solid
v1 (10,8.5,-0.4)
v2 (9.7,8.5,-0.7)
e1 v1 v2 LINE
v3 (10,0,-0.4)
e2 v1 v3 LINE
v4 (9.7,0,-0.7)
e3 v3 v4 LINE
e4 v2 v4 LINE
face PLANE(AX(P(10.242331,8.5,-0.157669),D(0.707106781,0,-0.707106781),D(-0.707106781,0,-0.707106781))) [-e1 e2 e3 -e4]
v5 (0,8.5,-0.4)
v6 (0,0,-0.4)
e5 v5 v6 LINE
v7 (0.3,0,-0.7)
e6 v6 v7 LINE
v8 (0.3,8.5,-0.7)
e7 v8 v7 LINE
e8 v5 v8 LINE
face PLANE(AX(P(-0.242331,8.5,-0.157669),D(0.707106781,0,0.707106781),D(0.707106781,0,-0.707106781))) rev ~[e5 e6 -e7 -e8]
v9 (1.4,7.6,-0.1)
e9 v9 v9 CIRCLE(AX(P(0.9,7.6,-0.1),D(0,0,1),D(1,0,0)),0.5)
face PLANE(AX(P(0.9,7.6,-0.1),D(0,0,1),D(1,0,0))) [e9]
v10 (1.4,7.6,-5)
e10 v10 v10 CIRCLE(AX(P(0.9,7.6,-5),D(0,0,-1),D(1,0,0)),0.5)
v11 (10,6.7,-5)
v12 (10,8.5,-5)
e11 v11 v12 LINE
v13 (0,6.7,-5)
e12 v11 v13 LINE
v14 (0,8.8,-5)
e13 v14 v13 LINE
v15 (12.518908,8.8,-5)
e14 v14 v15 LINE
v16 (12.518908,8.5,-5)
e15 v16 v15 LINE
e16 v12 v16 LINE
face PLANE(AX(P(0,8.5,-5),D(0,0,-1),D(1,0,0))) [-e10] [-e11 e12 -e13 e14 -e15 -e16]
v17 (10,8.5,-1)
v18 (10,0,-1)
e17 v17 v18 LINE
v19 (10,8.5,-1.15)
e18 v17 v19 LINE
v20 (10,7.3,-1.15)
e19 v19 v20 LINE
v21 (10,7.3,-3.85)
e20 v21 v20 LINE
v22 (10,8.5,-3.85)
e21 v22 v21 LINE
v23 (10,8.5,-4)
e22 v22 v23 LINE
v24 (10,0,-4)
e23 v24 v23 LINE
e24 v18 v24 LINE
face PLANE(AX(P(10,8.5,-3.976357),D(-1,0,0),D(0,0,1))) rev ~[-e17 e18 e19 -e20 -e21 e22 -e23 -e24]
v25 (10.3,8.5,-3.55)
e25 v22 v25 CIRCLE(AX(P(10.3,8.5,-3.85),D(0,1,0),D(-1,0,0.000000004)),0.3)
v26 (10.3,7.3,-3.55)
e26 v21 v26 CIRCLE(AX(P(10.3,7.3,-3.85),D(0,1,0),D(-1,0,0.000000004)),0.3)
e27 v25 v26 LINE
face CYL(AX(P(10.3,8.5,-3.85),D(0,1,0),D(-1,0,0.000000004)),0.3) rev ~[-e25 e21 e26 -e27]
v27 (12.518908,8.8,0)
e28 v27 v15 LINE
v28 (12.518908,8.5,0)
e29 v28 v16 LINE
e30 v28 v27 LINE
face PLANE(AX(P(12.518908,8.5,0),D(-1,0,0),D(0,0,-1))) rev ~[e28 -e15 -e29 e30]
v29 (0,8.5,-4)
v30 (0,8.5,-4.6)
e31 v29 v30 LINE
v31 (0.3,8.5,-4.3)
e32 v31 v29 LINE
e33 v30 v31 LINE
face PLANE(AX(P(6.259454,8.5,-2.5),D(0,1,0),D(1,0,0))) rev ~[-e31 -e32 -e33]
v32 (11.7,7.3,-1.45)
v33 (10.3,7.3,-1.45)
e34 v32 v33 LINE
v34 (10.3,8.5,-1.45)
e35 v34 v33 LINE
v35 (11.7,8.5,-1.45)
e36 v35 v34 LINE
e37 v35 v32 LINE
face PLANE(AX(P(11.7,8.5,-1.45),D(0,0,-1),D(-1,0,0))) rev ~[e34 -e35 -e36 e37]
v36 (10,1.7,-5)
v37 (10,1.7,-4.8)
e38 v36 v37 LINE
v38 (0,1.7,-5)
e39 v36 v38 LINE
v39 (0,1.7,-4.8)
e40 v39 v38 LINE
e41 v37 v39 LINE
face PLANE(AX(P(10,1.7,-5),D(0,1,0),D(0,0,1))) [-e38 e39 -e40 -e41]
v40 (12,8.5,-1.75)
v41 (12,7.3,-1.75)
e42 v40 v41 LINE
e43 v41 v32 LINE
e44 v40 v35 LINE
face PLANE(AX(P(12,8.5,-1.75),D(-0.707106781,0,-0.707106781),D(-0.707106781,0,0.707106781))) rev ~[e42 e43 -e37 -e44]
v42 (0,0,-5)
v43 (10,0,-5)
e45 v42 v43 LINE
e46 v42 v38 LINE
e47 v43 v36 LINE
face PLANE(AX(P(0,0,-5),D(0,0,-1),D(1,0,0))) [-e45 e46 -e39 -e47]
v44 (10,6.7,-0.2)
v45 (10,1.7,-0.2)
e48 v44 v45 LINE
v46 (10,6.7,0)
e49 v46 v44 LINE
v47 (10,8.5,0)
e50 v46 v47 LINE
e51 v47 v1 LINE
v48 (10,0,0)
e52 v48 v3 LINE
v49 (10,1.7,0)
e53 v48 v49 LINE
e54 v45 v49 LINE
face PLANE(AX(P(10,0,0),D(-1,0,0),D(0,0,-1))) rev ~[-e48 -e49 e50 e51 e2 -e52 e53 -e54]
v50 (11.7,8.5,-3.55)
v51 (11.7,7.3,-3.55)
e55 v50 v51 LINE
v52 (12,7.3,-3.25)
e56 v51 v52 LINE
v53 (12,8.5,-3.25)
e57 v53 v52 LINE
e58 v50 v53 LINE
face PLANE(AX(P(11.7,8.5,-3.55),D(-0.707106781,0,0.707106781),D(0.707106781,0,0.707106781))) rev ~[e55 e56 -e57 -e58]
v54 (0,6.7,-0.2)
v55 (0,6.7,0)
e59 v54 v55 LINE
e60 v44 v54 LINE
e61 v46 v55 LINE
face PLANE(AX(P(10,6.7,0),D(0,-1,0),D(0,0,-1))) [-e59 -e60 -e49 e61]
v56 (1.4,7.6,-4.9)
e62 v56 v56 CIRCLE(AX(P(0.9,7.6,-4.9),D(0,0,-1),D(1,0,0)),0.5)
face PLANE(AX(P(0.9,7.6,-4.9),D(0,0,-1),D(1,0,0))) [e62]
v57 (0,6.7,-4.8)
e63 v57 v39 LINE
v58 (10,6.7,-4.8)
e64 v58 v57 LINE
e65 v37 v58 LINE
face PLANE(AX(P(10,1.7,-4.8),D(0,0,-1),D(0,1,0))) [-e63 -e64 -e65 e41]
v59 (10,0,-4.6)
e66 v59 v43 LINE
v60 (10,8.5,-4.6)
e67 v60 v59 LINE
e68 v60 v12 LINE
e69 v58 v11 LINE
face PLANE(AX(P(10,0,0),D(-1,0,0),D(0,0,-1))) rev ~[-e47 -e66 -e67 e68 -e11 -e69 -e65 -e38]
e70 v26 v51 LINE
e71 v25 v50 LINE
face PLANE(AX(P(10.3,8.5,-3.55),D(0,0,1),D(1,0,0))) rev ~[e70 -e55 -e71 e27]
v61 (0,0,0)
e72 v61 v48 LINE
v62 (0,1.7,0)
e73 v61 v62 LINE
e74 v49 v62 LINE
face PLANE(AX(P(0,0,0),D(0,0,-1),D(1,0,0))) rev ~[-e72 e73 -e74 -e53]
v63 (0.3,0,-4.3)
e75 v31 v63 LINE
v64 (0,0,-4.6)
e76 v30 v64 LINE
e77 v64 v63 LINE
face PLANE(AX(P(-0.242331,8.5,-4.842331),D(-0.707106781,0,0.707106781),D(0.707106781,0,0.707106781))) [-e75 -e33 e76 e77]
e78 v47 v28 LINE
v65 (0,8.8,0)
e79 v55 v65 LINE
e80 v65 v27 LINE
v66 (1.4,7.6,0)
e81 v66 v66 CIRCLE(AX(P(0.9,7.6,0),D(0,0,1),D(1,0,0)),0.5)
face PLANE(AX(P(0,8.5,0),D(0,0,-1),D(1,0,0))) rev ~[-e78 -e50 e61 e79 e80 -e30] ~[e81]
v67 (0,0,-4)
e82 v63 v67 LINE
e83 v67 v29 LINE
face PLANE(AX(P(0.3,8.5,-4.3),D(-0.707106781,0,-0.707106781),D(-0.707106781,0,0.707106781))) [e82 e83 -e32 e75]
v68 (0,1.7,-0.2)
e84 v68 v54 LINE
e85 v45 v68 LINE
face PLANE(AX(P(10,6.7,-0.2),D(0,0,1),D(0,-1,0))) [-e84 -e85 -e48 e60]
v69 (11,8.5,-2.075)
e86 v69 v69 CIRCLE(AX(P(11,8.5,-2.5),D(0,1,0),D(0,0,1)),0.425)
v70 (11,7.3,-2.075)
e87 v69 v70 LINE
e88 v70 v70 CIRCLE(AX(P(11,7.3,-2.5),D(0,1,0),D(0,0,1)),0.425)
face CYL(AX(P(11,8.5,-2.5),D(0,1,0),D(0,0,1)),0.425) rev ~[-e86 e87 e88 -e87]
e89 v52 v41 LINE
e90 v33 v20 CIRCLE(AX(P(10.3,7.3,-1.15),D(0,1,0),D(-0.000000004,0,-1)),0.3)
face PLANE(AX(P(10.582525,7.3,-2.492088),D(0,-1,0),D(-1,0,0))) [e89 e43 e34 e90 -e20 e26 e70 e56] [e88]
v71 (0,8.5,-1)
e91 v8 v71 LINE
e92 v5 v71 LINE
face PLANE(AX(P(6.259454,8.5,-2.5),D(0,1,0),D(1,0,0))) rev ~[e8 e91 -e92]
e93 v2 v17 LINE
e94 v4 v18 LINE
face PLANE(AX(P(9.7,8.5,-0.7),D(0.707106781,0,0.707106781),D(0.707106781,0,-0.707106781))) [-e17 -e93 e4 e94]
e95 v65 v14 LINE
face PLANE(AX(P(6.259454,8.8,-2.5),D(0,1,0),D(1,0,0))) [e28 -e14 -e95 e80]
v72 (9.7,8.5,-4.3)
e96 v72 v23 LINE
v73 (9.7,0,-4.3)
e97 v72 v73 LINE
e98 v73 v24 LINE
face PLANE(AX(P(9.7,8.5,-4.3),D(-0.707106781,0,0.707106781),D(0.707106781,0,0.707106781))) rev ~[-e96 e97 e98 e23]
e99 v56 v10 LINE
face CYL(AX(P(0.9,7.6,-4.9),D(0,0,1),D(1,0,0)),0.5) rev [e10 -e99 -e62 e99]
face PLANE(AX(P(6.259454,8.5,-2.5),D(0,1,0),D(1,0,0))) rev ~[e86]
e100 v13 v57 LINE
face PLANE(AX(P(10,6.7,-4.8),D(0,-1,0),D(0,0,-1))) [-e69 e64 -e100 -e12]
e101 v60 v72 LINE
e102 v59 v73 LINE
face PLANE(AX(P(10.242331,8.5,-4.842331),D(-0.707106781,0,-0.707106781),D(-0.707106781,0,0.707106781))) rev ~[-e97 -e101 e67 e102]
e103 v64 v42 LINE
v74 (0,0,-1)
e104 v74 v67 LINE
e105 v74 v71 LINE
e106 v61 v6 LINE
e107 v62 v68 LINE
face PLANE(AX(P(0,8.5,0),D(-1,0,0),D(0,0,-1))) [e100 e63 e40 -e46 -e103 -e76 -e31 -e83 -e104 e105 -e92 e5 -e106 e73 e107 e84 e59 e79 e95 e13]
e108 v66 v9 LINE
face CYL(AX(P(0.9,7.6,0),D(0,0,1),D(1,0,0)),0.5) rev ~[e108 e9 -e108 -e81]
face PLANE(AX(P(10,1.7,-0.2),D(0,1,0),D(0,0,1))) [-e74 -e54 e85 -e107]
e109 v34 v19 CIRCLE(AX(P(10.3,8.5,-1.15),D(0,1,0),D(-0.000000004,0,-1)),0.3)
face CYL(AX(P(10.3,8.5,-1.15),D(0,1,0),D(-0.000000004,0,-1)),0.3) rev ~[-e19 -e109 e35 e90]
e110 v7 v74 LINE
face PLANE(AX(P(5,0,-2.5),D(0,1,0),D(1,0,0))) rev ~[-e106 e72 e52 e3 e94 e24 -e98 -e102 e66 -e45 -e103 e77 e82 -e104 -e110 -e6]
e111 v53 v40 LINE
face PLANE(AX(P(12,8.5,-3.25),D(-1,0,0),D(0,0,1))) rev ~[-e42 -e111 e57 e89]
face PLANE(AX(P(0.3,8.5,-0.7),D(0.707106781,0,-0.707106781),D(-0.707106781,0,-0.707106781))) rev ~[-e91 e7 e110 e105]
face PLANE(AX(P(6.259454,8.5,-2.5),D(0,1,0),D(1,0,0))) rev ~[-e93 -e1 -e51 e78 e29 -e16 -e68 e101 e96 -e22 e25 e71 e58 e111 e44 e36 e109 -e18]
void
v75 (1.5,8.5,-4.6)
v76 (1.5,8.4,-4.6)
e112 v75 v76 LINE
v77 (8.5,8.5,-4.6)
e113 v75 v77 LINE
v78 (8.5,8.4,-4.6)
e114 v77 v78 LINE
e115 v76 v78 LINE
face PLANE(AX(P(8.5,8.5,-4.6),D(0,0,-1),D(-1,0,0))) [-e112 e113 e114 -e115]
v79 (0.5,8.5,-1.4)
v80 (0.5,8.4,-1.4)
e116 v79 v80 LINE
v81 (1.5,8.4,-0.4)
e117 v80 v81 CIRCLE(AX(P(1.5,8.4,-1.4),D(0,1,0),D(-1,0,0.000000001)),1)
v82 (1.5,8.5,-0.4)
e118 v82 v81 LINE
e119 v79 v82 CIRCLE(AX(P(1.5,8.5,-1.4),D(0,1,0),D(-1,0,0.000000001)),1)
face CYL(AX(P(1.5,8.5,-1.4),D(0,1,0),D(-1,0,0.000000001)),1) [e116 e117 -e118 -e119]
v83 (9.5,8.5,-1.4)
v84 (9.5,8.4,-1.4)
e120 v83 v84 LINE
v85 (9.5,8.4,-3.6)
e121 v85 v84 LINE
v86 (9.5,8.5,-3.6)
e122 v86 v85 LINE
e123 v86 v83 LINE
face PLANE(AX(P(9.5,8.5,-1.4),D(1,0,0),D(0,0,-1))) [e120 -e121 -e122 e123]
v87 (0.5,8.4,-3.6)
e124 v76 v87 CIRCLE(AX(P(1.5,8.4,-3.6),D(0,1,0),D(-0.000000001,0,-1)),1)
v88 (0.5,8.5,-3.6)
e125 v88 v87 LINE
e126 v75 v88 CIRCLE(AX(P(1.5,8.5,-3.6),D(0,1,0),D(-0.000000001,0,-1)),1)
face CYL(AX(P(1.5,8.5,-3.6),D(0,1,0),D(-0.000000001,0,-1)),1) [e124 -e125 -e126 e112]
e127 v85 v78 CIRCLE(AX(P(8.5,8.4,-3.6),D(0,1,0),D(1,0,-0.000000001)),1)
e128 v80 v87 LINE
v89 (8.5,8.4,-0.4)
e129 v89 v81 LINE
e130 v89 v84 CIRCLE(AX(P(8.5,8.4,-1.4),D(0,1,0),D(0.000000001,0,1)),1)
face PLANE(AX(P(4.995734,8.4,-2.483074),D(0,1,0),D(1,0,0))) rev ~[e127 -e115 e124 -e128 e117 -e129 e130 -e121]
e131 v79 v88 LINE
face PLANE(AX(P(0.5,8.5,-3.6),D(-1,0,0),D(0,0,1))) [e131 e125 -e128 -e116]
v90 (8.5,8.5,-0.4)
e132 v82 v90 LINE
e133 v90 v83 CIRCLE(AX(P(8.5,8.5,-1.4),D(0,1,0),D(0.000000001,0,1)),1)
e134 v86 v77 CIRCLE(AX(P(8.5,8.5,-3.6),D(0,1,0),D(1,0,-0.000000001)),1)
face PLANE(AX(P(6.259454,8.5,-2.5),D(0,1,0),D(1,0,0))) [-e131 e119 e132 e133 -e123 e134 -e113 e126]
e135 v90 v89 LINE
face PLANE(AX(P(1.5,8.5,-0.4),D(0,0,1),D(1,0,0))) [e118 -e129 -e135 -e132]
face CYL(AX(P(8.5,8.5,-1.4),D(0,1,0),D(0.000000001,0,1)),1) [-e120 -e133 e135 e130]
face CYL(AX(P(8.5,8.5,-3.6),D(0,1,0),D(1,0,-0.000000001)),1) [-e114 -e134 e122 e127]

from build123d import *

# Parameters (mm, degrees)
SKETCH11_W          = 10
SKETCH11_H          = 5
BOSS_EXTRUDE2_DEPTH = 8.5
SKETCH12_OUTSIDE_W  = 9.808
SKETCH12_OUTSIDE_H  = 13.308
CUT_EXTRUDE1_DEPTH  = 11
CUT_EXTRUDE2_DEPTH  = 8.3
CUT_EXTRUDE6_DEPTH  = 6
CUT_EXTRUDE3_DEPTH  = 1.5
CUT_EXTRUDE4_DEPTH  = 8.3
BOSS_EXTRUDE3_DEPTH = 9.5
CUT_EXTRUDE5_DEPTH  = 9.5
SKETCH19_R          = 0.5
CUT_EXTRUDE7_DEPTH  = 0.1
CUT_EXTRUDE8_START  = -0.1
SKETCH20_R          = 0.5
CUT_EXTRUDE8_DEPTH  = 0.1
SKETCH21_R          = 0.425
BOSS_EXTRUDE4_DEPTH = 1.2
SKETCH22_W          = 9.218939703
SKETCH22_H          = 4.445853418
BOSS_EXTRUDE5_DEPTH = 8.2
SKETCH23_W          = 12.5189076
SKETCH23_H          = 5
BOSS_EXTRUDE6_DEPTH = 0.3


with BuildPart() as part:
    # Sketch11 → Boss-Extrude2 (new body)
    with BuildSketch(Plane(origin=(0, 0, 0), x_dir=(1, 0, 0), z_dir=(0, 1, 0))):
        with Locations((5, 2.5)):
            Rectangle(SKETCH11_W, SKETCH11_H)
    extrude(amount=BOSS_EXTRUDE2_DEPTH)

    # Sketch12 outside → Cut-Extrude1 (cut)
    with BuildSketch(Plane(origin=(10, 0, 0), x_dir=(0, 0, -1), z_dir=(1, 0, 0))):
        with Locations((2.5, 4.25)):
            Rectangle(SKETCH12_OUTSIDE_W, SKETCH12_OUTSIDE_H)
        Polygon((0, 8.5), (0, 6.7), (0.2, 6.7), (0.2, 1.7), (0, 1.7), (0, 0), (5, 0), (5, 1.7), (4.8, 1.7), (4.8, 6.7), (5, 6.7), (5, 8.5), align=None, mode=Mode.SUBTRACT)
    extrude(amount=-CUT_EXTRUDE1_DEPTH, mode=Mode.SUBTRACT)

    # Sketch13 → Cut-Extrude2 (cut)
    with BuildSketch(Plane.XZ.offset(-8.5)):
        with BuildLine():
            Line((1, -0.6), (9, -0.6))
            ThreePointArc((9, -0.6), (9.141421356, -0.658578644), (9.2, -0.8))
            Line((9.2, -0.8), (9.2, -4.2))
            ThreePointArc((9.2, -4.2), (9.141421356, -4.341421356), (9, -4.4))
            Line((9, -4.4), (1, -4.4))
            ThreePointArc((1, -4.4), (0.858578644, -4.341421356), (0.8, -4.2))
            Line((0.8, -4.2), (0.8, -0.8))
            ThreePointArc((0.8, -0.8), (0.858578644, -0.658578644), (1, -0.6))
        make_face()
    extrude(amount=CUT_EXTRUDE2_DEPTH, mode=Mode.SUBTRACT)

    # Sketch18 → Cut-Extrude6 (cut)
    with BuildSketch(Plane(origin=(0, 8.5, 0), x_dir=(1, 0, 0), z_dir=(0, 1, 0))):
        with BuildLine():
            Line((1.5, 3.855615714), (4.2, 3.855615714))
            Line((4.2, 3.855615714), (4.2, 4.4))
            ThreePointArc((4.2, 4.4), (4.141421356, 4.541421356), (4, 4.6))
            Line((4, 4.6), (1.7, 4.6))
            ThreePointArc((1.7, 4.6), (1.558578644, 4.541421356), (1.5, 4.4))
            Line((1.5, 4.4), (1.5, 3.855615714))
        make_face()
    extrude(amount=-CUT_EXTRUDE6_DEPTH, mode=Mode.SUBTRACT)

    # Sketch14 → Cut-Extrude3 (cut)
    with BuildSketch(Plane.XZ.offset(-8.5)):
        with BuildLine():
            Line((8.5, -4.6), (1.5, -4.6))
            ThreePointArc((1.5, -4.6), (0.792893219, -4.307106781), (0.5, -3.6))
            Line((0.5, -3.6), (0.5, -1.4))
            ThreePointArc((0.5, -1.4), (0.792893219, -0.692893219), (1.5, -0.4))
            Line((1.5, -0.4), (8.5, -0.4))
            ThreePointArc((8.5, -0.4), (9.207106781, -0.692893219), (9.5, -1.4))
            Line((9.5, -1.4), (9.5, -3.6))
            ThreePointArc((9.5, -3.6), (9.207106781, -4.307106781), (8.5, -4.6))
        make_face()
    extrude(amount=CUT_EXTRUDE3_DEPTH, mode=Mode.SUBTRACT)

    # Sketch15 → Cut-Extrude4 (cut)
    with BuildSketch(Plane(origin=(0, 8.5, 0), x_dir=(1, 0, 0), z_dir=(0, 1, 0))):
        with BuildLine():
            Line((0.6, 3.6), (9.4, 3.6))
            ThreePointArc((9.4, 3.6), (9.470710678, 3.570710678), (9.5, 3.5))
            Line((9.5, 3.5), (9.5, 1.5))
            ThreePointArc((9.5, 1.5), (9.470710678, 1.429289322), (9.4, 1.4))
            Line((9.4, 1.4), (0.6, 1.4))
            ThreePointArc((0.6, 1.4), (0.529289322, 1.429289322), (0.5, 1.5))
            Line((0.5, 1.5), (0.5, 3.5))
            ThreePointArc((0.5, 3.5), (0.529289322, 3.570710678), (0.6, 3.6))
        make_face()
    extrude(amount=-CUT_EXTRUDE4_DEPTH, mode=Mode.SUBTRACT)

    # Sketch16 → Boss-Extrude3 (add)
    with BuildSketch(Plane.ZY):
        Polygon((-4.839479829, 0.939479829), (-4.1, 0.2), (-4.839479829, 0.2), align=None)
        Polygon((-0.9, 0.2), (-0.040645339, 1.059354661), (-0.040645339, 0.2), align=None)
    extrude(amount=-BOSS_EXTRUDE3_DEPTH)

    # Sketch17 → Cut-Extrude5 (cut)
    with BuildSketch(Plane(origin=(0, 8.5, 0), x_dir=(1, 0, 0), z_dir=(0, 1, 0))):
        Polygon((-0.242330702, 4.842330702), (0.3, 4.3), (-0.242330702, 3.757669298), align=None)
        Polygon((10.242330702, 3.757669298), (10.242330702, 4.842330702), (9.7, 4.3), align=None)
        Polygon((10.242330702, 0.157669298), (9.7, 0.7), (10.242330702, 1.242330702), align=None)
        Polygon((-0.242330702, 1.242330702), (-0.242330702, 0.157669298), (0.3, 0.7), align=None)
    extrude(amount=-CUT_EXTRUDE5_DEPTH, mode=Mode.SUBTRACT)

    # Sketch19 → Cut-Extrude7 (cut)
    with BuildSketch(Plane.XY):
        with Locations((0.9, 7.6)):
            Circle(SKETCH19_R)
    extrude(amount=-CUT_EXTRUDE7_DEPTH, mode=Mode.SUBTRACT)

    # Sketch20 → Cut-Extrude8 (cut)
    with BuildSketch(Plane(origin=(0, 0, -5), x_dir=(-1, 0, 0), z_dir=(0, 0, -1)).offset(CUT_EXTRUDE8_START)):
        with Locations(Location((-0.9, 7.6, 0), (0, 0, 180))):
            Circle(SKETCH20_R)
    extrude(amount=CUT_EXTRUDE8_DEPTH, mode=Mode.SUBTRACT)

    # Sketch21 → Boss-Extrude4 (add)
    with BuildSketch(Plane(origin=(0, 8.5, 0), x_dir=(1, 0, 0), z_dir=(0, 1, 0))):
        with BuildLine():
            Line((10.3, 3.55), (11.7, 3.55))
            Line((11.7, 3.55), (12, 3.25))
            Line((12, 3.25), (12, 1.75))
            Line((12, 1.75), (11.7, 1.45))
            Line((11.7, 1.45), (10.3, 1.45))
            ThreePointArc((10.3, 1.45), (10.087867966, 1.362132034), (10, 1.15))
            Line((10, 1.15), (10, 1))
            Line((10, 1), (9.555439603, 1))
            Line((9.555439603, 1), (9.555439603, 3.976356754))
            Line((9.555439603, 3.976356754), (10, 3.976356754))
            Line((10, 3.976356754), (10, 3.85))
            ThreePointArc((10, 3.85), (10.087867966, 3.637867966), (10.3, 3.55))
        make_face()
        with Locations(Location((11, 2.5, 0), (0, 0, 270))):
            Circle(SKETCH21_R, mode=Mode.SUBTRACT)
    extrude(amount=-BOSS_EXTRUDE4_DEPTH)

    # Sketch22 → Boss-Extrude5 (add)
    with BuildSketch(Plane(origin=(0, 0.2, 0), x_dir=(1, 0, 0), z_dir=(0, 1, 0))):
        with Locations((4.995733619, 2.483074162)):
            Rectangle(SKETCH22_W, SKETCH22_H)
    extrude(amount=BOSS_EXTRUDE5_DEPTH)

    # Sketch23 → Boss-Extrude6 (add)
    with BuildSketch(Plane(origin=(0, 8.5, 0), x_dir=(1, 0, 0), z_dir=(0, 1, 0))):
        with Locations((6.2594538, 2.5)):
            Rectangle(SKETCH23_W, SKETCH23_H)
    extrude(amount=BOSS_EXTRUDE6_DEPTH)


solid = part.part
